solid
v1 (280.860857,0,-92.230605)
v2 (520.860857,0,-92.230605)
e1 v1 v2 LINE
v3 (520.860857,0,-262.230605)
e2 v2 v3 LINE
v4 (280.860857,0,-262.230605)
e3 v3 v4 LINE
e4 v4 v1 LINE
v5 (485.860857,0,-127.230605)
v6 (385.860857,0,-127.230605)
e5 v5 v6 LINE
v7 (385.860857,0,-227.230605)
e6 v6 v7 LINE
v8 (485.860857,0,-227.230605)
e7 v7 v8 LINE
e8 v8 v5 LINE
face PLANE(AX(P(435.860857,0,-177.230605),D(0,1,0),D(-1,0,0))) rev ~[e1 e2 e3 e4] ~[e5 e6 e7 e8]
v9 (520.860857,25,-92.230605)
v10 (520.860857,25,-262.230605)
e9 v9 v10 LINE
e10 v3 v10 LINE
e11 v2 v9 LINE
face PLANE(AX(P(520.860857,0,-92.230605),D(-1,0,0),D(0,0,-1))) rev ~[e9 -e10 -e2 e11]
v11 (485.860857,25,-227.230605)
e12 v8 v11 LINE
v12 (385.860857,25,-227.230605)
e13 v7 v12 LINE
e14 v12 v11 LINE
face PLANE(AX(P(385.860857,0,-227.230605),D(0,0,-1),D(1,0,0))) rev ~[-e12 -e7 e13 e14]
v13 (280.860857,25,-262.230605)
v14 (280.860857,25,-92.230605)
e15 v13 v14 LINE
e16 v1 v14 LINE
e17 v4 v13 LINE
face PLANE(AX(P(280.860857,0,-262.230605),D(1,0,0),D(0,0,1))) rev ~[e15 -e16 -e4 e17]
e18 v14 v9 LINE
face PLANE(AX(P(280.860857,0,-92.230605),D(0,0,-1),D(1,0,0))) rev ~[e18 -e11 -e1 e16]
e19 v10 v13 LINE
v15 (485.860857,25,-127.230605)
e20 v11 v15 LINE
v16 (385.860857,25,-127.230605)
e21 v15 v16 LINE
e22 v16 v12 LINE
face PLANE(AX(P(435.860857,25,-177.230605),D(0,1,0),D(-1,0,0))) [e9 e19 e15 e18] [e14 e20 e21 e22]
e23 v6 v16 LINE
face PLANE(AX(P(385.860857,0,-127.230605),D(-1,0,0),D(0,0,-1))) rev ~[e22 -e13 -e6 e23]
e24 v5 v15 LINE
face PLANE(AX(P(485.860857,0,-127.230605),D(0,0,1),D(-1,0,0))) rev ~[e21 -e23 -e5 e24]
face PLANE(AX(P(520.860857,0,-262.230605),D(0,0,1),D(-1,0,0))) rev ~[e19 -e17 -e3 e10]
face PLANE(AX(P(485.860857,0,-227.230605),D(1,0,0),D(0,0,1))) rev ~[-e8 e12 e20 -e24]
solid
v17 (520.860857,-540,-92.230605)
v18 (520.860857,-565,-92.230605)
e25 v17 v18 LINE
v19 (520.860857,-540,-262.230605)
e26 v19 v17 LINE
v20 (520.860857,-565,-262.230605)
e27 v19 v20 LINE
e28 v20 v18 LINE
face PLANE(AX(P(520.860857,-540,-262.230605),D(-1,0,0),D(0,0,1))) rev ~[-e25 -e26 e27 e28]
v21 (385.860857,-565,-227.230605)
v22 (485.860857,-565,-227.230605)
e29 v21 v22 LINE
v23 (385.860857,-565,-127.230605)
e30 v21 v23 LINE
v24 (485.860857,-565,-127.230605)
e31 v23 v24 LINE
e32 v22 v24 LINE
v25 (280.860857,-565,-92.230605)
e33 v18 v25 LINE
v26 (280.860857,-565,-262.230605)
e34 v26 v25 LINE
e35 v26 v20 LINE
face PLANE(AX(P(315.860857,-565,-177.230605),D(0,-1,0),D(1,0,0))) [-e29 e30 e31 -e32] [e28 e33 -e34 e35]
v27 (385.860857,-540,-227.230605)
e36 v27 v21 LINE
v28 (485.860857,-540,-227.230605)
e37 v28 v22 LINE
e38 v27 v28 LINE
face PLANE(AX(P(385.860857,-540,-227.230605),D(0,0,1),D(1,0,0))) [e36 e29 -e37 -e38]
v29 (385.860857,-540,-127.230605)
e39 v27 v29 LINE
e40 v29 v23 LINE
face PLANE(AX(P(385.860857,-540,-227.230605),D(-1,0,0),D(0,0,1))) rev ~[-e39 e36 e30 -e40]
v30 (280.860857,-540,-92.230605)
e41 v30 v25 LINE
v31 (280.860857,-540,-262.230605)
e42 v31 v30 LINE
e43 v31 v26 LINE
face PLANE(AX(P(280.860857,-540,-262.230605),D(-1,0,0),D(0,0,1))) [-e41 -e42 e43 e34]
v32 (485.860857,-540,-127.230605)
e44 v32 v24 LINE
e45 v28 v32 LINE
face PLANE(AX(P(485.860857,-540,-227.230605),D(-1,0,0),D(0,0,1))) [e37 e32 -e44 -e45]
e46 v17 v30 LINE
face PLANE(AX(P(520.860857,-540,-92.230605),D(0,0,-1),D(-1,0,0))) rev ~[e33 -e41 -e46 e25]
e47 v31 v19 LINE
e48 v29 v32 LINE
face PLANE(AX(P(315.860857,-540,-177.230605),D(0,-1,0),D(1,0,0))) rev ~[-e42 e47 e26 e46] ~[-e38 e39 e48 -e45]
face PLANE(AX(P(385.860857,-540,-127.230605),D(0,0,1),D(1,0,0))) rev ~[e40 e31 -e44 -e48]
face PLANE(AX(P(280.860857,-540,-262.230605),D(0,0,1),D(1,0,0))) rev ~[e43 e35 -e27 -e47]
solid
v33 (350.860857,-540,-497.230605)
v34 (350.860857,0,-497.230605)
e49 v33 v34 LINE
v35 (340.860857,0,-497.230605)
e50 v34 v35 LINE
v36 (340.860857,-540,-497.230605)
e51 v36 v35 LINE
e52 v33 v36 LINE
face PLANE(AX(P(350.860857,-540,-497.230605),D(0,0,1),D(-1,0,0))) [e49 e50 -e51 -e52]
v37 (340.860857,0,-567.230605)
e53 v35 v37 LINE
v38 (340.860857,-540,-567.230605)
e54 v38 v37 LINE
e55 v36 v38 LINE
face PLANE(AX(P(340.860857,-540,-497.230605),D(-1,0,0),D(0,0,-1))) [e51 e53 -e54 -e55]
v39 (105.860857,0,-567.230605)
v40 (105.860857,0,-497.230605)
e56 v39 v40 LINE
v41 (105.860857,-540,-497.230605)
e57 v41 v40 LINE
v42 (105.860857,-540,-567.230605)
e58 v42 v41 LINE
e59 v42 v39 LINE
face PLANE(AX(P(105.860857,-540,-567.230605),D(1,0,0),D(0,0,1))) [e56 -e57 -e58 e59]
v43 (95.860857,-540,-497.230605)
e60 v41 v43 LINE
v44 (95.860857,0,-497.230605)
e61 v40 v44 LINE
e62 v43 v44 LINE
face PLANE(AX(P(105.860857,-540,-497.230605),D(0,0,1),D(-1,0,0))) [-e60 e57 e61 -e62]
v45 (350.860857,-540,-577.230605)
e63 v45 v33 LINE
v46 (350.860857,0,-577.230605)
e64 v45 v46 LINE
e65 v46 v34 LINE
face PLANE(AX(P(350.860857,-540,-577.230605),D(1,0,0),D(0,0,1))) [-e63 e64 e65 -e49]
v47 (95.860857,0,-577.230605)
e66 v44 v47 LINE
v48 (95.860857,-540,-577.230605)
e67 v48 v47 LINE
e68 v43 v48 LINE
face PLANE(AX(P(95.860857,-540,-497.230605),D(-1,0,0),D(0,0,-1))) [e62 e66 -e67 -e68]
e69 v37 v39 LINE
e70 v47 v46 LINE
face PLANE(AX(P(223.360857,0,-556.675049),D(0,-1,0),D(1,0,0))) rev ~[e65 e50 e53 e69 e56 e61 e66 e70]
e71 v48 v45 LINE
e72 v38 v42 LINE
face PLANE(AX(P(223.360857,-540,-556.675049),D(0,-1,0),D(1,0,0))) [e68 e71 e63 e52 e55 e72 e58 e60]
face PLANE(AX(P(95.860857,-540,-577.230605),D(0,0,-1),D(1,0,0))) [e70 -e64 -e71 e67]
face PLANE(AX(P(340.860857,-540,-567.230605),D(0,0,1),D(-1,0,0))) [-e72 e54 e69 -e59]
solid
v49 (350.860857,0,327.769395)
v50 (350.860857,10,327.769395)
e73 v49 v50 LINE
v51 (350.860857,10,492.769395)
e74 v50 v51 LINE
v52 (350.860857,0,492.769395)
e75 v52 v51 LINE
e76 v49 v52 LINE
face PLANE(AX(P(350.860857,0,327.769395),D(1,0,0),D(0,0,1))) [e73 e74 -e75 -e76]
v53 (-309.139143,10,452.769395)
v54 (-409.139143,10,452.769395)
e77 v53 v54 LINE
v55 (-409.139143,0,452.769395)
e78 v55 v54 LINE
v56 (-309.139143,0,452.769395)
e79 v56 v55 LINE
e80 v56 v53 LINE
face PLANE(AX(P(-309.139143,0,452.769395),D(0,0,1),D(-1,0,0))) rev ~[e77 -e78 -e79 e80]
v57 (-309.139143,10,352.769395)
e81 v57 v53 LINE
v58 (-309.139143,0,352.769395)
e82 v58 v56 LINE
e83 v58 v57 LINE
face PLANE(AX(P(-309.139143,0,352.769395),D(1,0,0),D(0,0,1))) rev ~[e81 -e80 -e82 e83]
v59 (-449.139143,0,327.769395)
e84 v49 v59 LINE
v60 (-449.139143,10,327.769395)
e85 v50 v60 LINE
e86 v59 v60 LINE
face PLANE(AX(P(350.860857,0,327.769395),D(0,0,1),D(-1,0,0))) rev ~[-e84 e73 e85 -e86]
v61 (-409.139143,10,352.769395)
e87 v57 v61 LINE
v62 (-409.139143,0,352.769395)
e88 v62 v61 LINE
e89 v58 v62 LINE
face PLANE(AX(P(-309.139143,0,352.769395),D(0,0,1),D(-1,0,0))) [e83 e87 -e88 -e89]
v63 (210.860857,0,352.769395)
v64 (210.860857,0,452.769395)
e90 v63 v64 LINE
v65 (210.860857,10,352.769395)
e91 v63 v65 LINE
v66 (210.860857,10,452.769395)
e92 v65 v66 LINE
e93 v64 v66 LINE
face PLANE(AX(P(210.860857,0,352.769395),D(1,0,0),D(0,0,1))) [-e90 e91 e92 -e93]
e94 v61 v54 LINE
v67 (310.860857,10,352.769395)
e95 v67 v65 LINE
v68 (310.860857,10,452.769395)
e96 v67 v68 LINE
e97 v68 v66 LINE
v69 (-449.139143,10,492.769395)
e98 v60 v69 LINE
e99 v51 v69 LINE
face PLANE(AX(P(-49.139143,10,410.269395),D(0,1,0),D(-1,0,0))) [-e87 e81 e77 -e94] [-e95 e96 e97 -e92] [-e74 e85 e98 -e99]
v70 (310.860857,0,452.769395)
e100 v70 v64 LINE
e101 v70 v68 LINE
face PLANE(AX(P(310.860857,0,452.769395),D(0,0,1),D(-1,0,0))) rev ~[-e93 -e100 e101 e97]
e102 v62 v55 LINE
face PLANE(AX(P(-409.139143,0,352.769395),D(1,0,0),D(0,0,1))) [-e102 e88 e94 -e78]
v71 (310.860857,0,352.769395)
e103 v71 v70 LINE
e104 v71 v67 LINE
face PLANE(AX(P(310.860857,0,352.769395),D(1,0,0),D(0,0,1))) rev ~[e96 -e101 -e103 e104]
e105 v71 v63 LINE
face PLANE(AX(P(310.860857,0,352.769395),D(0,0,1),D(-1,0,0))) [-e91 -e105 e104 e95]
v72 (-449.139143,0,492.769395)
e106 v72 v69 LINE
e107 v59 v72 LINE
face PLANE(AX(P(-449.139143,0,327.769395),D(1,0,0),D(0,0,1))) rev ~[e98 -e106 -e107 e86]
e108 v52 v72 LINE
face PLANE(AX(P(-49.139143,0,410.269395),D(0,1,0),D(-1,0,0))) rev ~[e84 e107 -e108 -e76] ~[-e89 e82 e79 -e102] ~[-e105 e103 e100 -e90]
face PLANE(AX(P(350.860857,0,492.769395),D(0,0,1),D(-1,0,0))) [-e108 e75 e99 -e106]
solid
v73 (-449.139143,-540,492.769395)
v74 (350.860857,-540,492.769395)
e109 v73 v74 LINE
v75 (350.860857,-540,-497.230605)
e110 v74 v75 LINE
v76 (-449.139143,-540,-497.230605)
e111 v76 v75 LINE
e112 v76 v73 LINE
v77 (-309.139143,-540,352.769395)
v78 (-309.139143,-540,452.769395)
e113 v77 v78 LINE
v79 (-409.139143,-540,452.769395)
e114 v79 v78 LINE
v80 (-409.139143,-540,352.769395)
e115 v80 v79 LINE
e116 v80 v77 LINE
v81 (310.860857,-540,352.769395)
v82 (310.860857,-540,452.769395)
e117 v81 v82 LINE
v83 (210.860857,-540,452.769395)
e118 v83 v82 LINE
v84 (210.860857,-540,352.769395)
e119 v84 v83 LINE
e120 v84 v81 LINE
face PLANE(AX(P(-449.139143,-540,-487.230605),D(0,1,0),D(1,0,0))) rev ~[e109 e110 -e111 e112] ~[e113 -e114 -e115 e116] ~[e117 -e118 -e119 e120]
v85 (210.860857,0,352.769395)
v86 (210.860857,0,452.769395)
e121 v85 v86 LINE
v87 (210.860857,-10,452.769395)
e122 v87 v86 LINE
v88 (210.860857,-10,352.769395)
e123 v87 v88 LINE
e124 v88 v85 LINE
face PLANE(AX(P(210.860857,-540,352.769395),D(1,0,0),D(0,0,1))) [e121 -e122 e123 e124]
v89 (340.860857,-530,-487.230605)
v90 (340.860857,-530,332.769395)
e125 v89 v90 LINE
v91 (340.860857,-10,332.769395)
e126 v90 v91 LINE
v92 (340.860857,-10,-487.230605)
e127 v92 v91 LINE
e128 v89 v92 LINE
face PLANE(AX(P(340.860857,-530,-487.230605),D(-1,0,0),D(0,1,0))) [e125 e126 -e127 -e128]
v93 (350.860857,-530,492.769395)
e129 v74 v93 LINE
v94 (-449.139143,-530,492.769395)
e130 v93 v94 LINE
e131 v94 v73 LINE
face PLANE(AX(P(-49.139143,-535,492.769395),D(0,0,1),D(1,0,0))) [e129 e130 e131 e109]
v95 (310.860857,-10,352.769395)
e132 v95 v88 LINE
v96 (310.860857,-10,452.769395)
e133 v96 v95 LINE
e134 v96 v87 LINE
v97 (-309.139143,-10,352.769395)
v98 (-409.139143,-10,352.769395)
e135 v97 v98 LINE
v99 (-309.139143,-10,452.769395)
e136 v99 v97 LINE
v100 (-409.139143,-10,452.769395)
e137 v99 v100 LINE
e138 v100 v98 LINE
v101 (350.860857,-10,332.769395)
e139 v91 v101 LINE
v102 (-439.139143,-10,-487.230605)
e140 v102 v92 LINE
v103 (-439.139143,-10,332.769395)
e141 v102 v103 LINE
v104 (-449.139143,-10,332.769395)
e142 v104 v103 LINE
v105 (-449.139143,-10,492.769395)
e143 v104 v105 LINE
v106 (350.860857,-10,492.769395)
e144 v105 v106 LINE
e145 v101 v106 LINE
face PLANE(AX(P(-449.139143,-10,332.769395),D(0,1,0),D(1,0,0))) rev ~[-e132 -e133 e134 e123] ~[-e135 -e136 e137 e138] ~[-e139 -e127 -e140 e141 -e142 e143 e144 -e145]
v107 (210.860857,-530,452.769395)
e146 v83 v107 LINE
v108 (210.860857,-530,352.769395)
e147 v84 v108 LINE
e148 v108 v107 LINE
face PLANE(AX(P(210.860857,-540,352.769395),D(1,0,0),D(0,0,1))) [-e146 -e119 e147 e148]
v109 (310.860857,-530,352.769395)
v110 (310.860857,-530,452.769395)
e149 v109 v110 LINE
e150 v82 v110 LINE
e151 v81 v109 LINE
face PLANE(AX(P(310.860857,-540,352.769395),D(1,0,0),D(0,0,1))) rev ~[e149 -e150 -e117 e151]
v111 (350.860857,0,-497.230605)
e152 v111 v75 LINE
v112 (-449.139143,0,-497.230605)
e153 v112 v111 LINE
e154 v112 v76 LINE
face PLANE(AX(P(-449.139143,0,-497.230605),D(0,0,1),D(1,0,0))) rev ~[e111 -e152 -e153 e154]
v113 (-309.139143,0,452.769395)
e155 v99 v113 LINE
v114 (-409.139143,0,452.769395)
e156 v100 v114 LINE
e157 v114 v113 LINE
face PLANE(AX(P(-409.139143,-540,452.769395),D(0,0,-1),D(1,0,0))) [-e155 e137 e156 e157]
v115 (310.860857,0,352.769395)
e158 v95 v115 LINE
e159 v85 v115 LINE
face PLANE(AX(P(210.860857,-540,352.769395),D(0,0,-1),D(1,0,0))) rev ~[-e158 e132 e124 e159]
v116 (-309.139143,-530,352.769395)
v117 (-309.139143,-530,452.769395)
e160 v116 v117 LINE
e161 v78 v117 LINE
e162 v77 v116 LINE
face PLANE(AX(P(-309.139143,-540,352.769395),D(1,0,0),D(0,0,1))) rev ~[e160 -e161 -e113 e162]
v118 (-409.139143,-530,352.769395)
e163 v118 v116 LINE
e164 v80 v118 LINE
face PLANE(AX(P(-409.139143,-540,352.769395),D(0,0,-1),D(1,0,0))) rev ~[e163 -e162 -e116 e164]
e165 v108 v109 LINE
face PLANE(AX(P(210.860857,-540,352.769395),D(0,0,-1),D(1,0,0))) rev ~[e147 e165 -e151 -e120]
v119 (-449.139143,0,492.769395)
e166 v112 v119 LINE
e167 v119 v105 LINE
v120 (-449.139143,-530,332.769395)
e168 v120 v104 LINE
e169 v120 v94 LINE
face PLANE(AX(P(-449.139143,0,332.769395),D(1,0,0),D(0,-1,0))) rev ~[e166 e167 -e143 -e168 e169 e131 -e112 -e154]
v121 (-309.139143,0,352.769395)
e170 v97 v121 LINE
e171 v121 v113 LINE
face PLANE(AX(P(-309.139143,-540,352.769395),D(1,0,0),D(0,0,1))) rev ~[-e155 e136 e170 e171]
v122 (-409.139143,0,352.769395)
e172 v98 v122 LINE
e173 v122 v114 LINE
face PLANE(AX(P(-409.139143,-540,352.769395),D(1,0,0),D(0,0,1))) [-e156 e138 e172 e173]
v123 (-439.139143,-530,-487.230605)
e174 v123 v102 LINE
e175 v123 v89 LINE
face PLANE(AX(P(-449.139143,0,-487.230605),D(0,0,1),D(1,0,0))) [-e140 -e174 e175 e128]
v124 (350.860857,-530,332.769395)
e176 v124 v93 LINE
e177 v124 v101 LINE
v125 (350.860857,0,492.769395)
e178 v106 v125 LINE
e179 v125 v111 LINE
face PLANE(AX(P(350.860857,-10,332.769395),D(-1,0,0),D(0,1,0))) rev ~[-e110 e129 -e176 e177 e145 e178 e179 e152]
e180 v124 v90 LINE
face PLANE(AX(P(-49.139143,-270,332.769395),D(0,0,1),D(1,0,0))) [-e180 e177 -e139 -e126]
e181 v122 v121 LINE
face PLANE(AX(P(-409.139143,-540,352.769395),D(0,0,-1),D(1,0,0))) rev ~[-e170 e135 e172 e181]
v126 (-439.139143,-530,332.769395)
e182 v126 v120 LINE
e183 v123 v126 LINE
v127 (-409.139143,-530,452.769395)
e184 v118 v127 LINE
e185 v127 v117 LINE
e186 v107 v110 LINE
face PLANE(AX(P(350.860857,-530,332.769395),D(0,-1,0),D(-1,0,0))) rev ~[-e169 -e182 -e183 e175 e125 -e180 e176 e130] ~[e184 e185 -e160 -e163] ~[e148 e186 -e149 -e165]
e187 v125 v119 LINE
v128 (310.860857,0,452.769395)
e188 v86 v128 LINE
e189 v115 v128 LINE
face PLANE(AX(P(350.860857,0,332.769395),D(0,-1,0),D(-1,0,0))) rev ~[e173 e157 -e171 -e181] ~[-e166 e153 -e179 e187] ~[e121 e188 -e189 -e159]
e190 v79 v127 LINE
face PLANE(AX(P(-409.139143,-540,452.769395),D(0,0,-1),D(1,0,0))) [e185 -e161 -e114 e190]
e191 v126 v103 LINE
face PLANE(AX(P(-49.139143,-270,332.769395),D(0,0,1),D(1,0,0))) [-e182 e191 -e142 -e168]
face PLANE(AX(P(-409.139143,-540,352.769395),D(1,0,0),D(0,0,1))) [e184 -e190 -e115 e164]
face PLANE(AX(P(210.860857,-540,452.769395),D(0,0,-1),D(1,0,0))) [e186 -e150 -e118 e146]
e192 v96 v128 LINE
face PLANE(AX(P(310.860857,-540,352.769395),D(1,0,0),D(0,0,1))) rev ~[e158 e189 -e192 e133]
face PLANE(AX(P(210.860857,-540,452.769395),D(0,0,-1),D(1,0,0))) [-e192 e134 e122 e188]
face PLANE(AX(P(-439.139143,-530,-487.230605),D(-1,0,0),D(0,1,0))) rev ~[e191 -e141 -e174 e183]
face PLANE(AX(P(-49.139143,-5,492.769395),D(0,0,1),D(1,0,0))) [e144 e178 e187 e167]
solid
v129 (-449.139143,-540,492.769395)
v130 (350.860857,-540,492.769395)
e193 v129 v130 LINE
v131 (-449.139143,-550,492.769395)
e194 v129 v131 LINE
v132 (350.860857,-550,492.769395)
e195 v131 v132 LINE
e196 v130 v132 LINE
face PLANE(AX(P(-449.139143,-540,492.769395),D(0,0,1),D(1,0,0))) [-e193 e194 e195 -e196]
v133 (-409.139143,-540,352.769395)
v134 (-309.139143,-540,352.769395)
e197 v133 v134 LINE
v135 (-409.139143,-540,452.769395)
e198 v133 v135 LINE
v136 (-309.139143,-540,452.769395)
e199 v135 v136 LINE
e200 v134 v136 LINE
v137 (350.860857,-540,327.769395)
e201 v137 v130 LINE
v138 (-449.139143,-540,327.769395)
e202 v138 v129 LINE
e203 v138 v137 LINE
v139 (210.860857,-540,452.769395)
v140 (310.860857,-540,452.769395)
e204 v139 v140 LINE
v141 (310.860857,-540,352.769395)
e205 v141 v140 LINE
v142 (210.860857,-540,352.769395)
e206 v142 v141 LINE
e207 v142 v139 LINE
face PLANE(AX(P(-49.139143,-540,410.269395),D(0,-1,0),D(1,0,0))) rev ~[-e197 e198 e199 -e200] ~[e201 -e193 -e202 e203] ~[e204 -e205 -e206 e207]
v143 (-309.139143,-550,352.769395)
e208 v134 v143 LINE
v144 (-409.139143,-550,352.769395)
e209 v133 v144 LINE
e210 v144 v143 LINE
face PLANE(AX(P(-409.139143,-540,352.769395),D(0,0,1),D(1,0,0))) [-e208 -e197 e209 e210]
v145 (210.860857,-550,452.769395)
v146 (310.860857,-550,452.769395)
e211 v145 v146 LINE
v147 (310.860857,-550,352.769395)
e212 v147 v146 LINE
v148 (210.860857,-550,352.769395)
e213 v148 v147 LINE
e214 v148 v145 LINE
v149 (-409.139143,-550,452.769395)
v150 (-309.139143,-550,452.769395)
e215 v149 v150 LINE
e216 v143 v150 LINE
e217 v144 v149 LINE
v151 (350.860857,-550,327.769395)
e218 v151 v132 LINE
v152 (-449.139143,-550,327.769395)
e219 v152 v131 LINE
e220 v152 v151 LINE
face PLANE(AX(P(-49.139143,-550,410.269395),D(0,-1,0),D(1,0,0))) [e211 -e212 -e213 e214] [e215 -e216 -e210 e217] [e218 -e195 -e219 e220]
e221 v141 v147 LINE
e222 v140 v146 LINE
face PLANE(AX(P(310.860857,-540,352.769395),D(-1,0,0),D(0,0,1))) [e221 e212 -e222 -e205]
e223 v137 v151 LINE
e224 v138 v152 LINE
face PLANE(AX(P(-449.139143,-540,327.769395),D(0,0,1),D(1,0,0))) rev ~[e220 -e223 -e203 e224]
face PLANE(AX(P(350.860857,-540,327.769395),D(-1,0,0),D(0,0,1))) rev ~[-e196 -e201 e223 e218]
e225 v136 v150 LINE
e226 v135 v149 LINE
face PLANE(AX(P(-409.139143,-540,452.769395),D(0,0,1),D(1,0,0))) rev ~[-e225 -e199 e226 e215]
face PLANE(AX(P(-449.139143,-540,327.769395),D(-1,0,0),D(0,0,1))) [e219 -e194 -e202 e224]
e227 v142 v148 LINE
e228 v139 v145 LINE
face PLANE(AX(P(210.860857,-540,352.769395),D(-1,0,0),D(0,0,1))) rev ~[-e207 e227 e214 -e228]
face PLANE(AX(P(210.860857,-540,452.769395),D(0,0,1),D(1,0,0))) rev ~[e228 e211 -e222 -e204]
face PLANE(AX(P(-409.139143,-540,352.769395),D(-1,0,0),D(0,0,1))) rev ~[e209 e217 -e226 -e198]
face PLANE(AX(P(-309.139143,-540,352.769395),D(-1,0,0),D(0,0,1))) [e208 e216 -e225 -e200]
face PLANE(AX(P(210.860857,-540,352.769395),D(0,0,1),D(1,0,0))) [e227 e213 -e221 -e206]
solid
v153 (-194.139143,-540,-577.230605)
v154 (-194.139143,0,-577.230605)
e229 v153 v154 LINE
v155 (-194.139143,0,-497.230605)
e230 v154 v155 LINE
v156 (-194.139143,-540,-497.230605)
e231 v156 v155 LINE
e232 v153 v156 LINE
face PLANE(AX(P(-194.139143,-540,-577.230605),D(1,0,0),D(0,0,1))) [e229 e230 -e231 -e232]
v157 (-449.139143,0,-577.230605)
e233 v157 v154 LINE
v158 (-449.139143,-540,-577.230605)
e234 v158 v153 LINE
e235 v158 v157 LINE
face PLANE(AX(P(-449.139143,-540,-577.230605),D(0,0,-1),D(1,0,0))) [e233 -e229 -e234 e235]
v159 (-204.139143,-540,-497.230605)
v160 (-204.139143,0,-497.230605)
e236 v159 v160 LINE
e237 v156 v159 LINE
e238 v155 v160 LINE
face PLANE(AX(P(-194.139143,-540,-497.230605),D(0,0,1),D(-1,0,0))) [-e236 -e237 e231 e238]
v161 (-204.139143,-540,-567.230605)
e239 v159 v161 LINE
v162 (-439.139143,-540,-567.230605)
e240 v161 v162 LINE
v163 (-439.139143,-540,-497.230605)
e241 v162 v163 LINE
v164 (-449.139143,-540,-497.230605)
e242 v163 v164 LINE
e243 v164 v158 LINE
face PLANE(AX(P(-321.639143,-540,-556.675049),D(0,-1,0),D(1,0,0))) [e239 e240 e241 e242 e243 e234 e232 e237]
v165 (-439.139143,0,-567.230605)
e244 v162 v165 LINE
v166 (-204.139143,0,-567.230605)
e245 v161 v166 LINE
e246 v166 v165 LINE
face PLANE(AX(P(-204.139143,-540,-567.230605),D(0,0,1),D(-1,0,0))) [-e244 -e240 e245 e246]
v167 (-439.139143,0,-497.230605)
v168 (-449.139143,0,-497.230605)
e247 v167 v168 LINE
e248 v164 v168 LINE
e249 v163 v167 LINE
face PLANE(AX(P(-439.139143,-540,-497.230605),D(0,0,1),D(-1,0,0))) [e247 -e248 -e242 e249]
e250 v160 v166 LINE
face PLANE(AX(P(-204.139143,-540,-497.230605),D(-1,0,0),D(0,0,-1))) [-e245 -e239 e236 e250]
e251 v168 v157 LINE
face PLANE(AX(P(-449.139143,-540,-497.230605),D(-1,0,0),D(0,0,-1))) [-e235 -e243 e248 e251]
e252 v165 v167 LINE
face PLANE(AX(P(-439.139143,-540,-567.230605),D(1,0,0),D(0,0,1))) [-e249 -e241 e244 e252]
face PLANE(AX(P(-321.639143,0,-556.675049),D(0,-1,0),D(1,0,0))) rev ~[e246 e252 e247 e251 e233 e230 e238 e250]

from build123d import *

# Parameters (mm, degrees)
F0_W      = 800
F0_H      = 10
F1_DEPTH  = 540
F2_W      = 800
F2_H      = 540
F2_W_2    = 780
F2_H_2    = 520
F3_DEPTH  = 820
F5_DEPTH  = 160
F6_W      = 100
F6_H      = 100
F7_DEPTH  = 918
F8_W      = 800
F8_H      = 165
F8_W_2    = 100
F8_H_2    = 100
F9_DEPTH  = 10
F10_W     = 800
F10_H     = 165
F10_W_2   = 100
F10_H_2   = 100
F11_DEPTH = 10
F13_DEPTH = 540
F14_W     = 70
F14_H     = 170
F15_DEPTH = 25
F16_W     = 70
F16_H     = 170
F16_W_2   = 170
F16_W_3   = 100
F16_H_2   = 100
F17_DEPTH = 25


with BuildPart() as f1:
    # F0 (on Front) → F1 (new body)
    with BuildSketch(Plane.XZ):
        with Locations((-49.139143, -492.230605)):
            Rectangle(F0_W, F0_H)
    extrude(amount=F1_DEPTH)

    # F2 (on face) → F3 (join)
    with BuildSketch(Plane.XY.offset(-487.230605)):
        with Locations((-49.139143, -270)):
            Rectangle(F2_W, F2_H)
        with Locations((-49.139143, -270)):
            Rectangle(F2_W_2, F2_H_2, mode=Mode.SUBTRACT)
    extrude(amount=F3_DEPTH)

    # F4 (on face) → F5 (join)
    with BuildSketch(Plane.XY.offset(332.769395)):
        Polygon((350.860857, 0), (-449.139143, 0), (-449.139143, -10), (-439.139143, -10), (340.860857, -10), (350.860857, -10), align=None)
        Polygon((-439.139143, -530), (-449.139143, -530), (-449.139143, -540), (350.860857, -540), (350.860857, -530), (340.860857, -530), align=None)
    extrude(amount=F5_DEPTH)

    # F6 (on face) → F7 (cut)
    with BuildSketch(Plane.XZ.offset(540)):
        with Locations((-359.139143, 402.769395)):
            Rectangle(F6_W, F6_H)
        with Locations((260.860857, 402.769395)):
            Rectangle(F6_W, F6_H)
    extrude(amount=-F7_DEPTH, mode=Mode.SUBTRACT)


with BuildPart() as f9:
    # F8 (on face) → F9 (new body)
    with BuildSketch(Plane.XZ.offset(540)):
        with Locations((-49.139143, 410.269395)):
            Rectangle(F8_W, F8_H)
        with Locations((-359.139143, 402.769395)):
            Rectangle(F8_W_2, F8_H_2, mode=Mode.SUBTRACT)
        with Locations((260.860857, 402.769395)):
            Rectangle(F8_W_2, F8_H_2, mode=Mode.SUBTRACT)
    extrude(amount=F9_DEPTH)


with BuildPart() as f11:
    # F10 (on face) → F11 (new body)
    with BuildSketch(Plane(origin=(0, 0, 0), x_dir=(-1, 0, 0), z_dir=(0, 1, 0))):
        with Locations((49.139143, 410.269395)):
            Rectangle(F10_W, F10_H)
        with Locations((-260.860857, 402.769395)):
            Rectangle(F10_W_2, F10_H_2, mode=Mode.SUBTRACT)
        with Locations((359.139143, 402.769395)):
            Rectangle(F10_W_2, F10_H_2, mode=Mode.SUBTRACT)
    extrude(amount=F11_DEPTH)


with BuildPart() as f13:
    # F12 (on face) → F13 (new body, through all)
    with BuildSketch(Plane.XZ.offset(540)):
        Polygon((-439.139143, -497.230605), (-449.139143, -497.230605), (-449.139143, -577.230605), (-194.139143, -577.230605), (-194.139143, -497.230605), (-204.139143, -497.230605), (-204.139143, -567.230605), (-439.139143, -567.230605), align=None)
        Polygon((350.860857, -577.230605), (350.860857, -497.230605), (340.860857, -497.230605), (340.860857, -567.230605), (105.860857, -567.230605), (105.860857, -497.230605), (95.860857, -497.230605), (95.860857, -577.230605), align=None)
    extrude(amount=-F13_DEPTH)


with BuildPart() as f15:
    # F14 (on face) → F15 (new body)
    with BuildSketch(Plane(origin=(0, 0, 0), x_dir=(-1, 0, 0), z_dir=(0, 1, 0))):
        Polygon((-520.860857, -262.230605), (-350.860857, -262.230605), (-350.860857, -92.230605), (-435.860857, -92.230605), (-520.860857, -92.230605), align=None)
        Polygon((-485.860857, -127.230605), (-435.860857, -127.230605), (-385.860857, -127.230605), (-385.860857, -177.230605), (-385.860857, -227.230605), (-485.860857, -227.230605), (-485.860857, -177.230605), align=None, mode=Mode.SUBTRACT)
        with Locations((-315.860857, -177.230605)):
            Rectangle(F14_W, F14_H)
    extrude(amount=F15_DEPTH)


with BuildPart() as f17:
    # F16 (on face) → F17 (new body)
    with BuildSketch(Plane.XZ.offset(540)):
        with Locations((315.860857, -177.230605)):
            Rectangle(F16_W, F16_H)
        with Locations((435.860857, -177.230605)):
            Rectangle(F16_W_2, F16_H)
        with Locations((435.860857, -177.230605)):
            Rectangle(F16_W_3, F16_H_2, mode=Mode.SUBTRACT)
    extrude(amount=F17_DEPTH)


solid = Compound([f1.part, f9.part, f11.part, f13.part, f15.part, f17.part])
